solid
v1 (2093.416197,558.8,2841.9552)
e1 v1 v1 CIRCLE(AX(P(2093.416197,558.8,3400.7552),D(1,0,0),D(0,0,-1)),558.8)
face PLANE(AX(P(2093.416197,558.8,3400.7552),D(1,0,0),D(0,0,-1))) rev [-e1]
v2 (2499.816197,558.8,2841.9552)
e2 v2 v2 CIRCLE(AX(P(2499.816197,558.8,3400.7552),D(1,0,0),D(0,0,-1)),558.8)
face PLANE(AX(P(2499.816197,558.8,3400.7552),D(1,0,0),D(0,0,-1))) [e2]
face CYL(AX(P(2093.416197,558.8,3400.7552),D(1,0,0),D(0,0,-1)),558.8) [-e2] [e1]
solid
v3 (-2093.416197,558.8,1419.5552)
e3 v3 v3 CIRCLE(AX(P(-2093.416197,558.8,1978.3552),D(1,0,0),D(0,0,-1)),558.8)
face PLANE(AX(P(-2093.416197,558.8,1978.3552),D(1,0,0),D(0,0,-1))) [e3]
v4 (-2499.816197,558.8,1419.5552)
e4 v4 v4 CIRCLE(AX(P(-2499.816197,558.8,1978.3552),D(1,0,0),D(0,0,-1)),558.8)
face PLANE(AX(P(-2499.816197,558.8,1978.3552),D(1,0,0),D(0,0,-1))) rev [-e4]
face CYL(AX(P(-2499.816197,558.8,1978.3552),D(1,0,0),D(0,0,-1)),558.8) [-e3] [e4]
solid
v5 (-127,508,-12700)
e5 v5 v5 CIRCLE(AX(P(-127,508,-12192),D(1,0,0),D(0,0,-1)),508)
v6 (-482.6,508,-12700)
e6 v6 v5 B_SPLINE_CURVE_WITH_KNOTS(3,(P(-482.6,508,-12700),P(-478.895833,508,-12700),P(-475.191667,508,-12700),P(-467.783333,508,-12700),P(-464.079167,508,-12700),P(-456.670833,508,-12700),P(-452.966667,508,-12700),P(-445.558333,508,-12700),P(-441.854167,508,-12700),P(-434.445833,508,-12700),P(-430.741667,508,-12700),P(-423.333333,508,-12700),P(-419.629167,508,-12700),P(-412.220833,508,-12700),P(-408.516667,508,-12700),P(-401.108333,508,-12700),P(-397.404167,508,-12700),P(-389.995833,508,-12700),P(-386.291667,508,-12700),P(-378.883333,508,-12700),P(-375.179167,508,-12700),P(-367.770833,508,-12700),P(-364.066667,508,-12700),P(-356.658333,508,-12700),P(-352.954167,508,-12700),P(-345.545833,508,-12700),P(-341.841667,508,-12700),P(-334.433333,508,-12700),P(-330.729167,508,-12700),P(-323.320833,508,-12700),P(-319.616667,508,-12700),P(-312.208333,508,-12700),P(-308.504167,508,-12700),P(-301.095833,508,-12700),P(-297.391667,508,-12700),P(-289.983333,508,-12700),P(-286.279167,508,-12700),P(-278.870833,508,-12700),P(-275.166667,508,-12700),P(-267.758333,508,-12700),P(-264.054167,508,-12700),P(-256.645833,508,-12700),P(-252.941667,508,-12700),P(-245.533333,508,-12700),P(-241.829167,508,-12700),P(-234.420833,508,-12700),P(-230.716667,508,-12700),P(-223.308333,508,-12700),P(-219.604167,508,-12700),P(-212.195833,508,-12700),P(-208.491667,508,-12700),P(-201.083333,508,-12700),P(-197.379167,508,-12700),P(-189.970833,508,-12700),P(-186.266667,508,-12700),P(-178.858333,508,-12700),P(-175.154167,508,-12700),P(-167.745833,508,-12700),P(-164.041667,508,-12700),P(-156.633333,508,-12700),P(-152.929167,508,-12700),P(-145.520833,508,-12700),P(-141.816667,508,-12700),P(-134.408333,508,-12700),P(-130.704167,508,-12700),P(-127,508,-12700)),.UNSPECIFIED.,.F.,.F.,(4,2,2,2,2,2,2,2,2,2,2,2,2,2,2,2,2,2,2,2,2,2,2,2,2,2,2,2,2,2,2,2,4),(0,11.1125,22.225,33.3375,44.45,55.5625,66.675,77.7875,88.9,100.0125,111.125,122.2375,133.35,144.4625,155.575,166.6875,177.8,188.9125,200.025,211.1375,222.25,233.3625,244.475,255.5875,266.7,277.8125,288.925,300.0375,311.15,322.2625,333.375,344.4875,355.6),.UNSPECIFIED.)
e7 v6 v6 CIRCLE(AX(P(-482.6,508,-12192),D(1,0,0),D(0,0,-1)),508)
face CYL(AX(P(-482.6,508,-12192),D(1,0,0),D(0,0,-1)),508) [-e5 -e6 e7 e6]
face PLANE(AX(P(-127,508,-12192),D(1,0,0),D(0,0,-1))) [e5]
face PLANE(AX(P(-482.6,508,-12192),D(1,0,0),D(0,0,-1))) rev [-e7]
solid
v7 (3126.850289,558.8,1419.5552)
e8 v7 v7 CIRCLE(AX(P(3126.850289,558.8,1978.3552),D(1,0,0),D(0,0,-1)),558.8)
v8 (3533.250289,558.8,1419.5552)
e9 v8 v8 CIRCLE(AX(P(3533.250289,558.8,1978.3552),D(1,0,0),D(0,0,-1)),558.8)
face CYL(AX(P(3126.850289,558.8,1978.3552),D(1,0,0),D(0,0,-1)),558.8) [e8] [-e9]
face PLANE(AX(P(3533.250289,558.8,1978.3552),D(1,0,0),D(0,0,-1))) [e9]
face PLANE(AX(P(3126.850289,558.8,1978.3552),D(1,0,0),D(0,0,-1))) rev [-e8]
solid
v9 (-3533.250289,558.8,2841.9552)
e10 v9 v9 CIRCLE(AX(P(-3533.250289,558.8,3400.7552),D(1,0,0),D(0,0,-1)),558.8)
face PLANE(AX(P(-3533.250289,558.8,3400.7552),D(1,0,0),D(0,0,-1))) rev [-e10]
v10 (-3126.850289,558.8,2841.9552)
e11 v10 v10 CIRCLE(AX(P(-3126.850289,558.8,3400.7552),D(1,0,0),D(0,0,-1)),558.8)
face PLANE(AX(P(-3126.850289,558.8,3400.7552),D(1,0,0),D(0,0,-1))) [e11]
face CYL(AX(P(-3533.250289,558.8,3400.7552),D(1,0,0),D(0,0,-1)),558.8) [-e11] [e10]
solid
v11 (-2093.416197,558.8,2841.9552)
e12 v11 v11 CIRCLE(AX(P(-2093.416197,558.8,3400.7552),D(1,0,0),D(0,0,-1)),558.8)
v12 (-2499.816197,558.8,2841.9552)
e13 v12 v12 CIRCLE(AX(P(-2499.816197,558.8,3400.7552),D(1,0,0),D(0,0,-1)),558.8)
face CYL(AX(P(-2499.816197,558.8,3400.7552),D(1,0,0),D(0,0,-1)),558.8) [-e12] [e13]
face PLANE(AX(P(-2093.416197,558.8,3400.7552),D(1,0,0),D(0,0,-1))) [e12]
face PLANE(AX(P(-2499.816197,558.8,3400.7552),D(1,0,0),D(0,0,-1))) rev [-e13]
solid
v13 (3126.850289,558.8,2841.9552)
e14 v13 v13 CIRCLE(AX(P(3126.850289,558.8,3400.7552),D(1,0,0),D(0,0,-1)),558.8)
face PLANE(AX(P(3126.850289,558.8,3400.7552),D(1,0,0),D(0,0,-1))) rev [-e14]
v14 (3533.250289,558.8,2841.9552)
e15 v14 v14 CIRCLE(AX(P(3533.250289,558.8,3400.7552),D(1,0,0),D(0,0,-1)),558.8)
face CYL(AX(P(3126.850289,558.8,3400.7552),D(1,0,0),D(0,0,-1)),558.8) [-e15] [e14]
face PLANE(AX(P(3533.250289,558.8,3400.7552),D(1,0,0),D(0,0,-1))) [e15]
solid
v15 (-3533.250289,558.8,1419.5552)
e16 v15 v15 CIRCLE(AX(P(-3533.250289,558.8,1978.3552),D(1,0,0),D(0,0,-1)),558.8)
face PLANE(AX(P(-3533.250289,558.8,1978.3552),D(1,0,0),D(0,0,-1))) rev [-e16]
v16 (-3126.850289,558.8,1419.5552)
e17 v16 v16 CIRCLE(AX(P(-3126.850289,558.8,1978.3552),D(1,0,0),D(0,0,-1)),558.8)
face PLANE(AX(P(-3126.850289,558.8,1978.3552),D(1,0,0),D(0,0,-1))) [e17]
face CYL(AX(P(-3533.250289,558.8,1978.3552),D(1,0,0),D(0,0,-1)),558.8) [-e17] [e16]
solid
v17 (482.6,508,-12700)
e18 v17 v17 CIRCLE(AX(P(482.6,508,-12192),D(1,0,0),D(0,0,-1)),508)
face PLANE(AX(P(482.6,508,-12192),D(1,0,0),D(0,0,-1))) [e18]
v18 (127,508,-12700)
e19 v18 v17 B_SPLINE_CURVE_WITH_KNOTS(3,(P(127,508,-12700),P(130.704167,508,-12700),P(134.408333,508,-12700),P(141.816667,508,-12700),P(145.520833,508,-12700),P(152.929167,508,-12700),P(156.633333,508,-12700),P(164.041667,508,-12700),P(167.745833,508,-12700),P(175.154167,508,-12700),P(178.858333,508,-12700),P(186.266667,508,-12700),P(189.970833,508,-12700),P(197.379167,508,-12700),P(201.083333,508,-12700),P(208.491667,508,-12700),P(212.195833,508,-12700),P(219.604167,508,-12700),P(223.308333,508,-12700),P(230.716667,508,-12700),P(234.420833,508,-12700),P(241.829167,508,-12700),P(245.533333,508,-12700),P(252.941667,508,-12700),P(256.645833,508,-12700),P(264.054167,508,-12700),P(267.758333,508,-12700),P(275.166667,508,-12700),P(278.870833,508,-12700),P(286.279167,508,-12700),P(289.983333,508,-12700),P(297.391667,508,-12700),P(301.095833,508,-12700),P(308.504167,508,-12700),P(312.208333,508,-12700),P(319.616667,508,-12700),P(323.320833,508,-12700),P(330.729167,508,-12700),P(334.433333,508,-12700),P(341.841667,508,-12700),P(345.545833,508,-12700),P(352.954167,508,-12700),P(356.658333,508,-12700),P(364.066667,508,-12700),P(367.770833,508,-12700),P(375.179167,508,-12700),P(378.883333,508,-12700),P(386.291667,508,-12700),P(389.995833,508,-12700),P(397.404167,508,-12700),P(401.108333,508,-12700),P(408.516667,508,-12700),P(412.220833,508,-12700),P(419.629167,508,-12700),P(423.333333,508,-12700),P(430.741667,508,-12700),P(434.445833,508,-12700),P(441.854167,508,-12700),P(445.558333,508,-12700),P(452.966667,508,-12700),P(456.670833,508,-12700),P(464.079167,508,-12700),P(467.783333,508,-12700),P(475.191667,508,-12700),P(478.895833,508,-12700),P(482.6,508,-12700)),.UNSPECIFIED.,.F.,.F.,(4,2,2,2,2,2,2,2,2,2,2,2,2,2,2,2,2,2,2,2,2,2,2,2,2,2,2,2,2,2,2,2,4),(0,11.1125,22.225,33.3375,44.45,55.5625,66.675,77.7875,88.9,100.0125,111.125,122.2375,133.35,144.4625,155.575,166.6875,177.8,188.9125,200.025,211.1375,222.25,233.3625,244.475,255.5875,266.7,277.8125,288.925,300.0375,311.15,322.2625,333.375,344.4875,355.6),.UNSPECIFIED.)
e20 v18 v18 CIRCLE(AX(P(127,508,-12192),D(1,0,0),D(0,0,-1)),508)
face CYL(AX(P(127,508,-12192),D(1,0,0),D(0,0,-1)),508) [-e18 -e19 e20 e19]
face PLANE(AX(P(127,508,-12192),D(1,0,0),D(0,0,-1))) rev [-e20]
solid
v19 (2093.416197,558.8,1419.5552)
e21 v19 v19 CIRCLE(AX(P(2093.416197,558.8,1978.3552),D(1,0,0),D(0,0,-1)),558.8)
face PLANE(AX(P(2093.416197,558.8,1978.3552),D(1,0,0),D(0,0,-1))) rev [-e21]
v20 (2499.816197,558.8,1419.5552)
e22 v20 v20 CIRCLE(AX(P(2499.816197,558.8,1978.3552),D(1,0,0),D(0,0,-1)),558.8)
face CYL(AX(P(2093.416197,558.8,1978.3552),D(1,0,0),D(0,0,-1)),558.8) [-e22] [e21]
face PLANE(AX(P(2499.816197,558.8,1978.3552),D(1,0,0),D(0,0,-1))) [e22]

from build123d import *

# Parameters (mm, degrees)
MAIN_TIRE_1_DEPTH        = 203.2
MAIN_TIRE_1_DEPTH_BACK   = 203.2
SKETCH9_R                = 558.8
MAIN_TIRE_1_2_DEPTH      = 203.2
MAIN_TIRE_1_2_DEPTH_BACK = 203.2
MAIN_TIRE_2_DEPTH        = 203.2
MAIN_TIRE_2_DEPTH_BACK   = 203.2
SKETCH10_R               = 558.8
MAIN_TIRE_2_2_DEPTH      = 203.2
MAIN_TIRE_2_2_DEPTH_BACK = 203.2
MAIN_TIRE_3_DEPTH        = 203.2
MAIN_TIRE_3_DEPTH_BACK   = 203.2
SKETCH12_R               = 558.8
MAIN_TIRE_3_2_DEPTH      = 203.2
MAIN_TIRE_3_2_DEPTH_BACK = 203.2
MAIN_TIRE_4_DEPTH        = 203.2
MAIN_TIRE_4_DEPTH_BACK   = 203.2
SKETCH13_R               = 558.8
MAIN_TIRE_4_2_DEPTH      = 203.2
MAIN_TIRE_4_2_DEPTH_BACK = 203.2
NOSE_TIRE_1_DEPTH        = 177.8
NOSE_TIRE_1_DEPTH_BACK   = 177.8
SKETCH14_R               = 508
NOSE_TIRE_2_DEPTH        = 177.8
NOSE_TIRE_2_DEPTH_BACK   = 177.8
SKETCH15_R               = 508


with BuildPart() as part:
    # Sketch9 → Main tire 1 (new, two sides: drawn at the far end of the back side and taken through both)
    with BuildSketch(Plane(origin=(-2296.616197494, 0, 0), x_dir=(0, 0, -1), z_dir=(1, 0, 0)).offset(-MAIN_TIRE_1_DEPTH_BACK)):
        with Locations((-3400.7552, 558.8)):
            Circle(SKETCH9_R)
    extrude(amount=MAIN_TIRE_1_DEPTH + MAIN_TIRE_1_DEPTH_BACK)


with BuildPart() as body_2:
    # Sketch9 → Main tire 1 2 (new, two sides: drawn at the far end of the back side and taken through both)
    with BuildSketch(Plane(origin=(-2296.616197494, 0, 0), x_dir=(0, 0, -1), z_dir=(1, 0, 0)).offset(-MAIN_TIRE_1_2_DEPTH_BACK)):
        with Locations((-1978.3552, 558.8)):
            Circle(SKETCH9_R)
    extrude(amount=MAIN_TIRE_1_2_DEPTH + MAIN_TIRE_1_2_DEPTH_BACK)


with BuildPart() as body_3:
    # Sketch10 → Main tire 2 (new, two sides: drawn at the far end of the back side and taken through both)
    with BuildSketch(Plane(origin=(-3330.050289329, 0, 0), x_dir=(0, 0, -1), z_dir=(1, 0, 0)).offset(-MAIN_TIRE_2_DEPTH_BACK)):
        with Locations((-3400.7552, 558.8)):
            Circle(SKETCH10_R)
    extrude(amount=MAIN_TIRE_2_DEPTH + MAIN_TIRE_2_DEPTH_BACK)


with BuildPart() as body_4:
    # Sketch10 → Main tire 2 2 (new, two sides: drawn at the far end of the back side and taken through both)
    with BuildSketch(Plane(origin=(-3330.050289329, 0, 0), x_dir=(0, 0, -1), z_dir=(1, 0, 0)).offset(-MAIN_TIRE_2_2_DEPTH_BACK)):
        with Locations((-1978.3552, 558.8)):
            Circle(SKETCH10_R)
    extrude(amount=MAIN_TIRE_2_2_DEPTH + MAIN_TIRE_2_2_DEPTH_BACK)


with BuildPart() as body_5:
    # Sketch12 → Main tire 3 (new, two sides: drawn at the far end of the back side and taken through both)
    with BuildSketch(Plane(origin=(2296.616197494, 0, 0), x_dir=(0, 0, -1), z_dir=(1, 0, 0)).offset(-MAIN_TIRE_3_DEPTH_BACK)):
        with Locations((-1978.3552, 558.8)):
            Circle(SKETCH12_R)
    extrude(amount=MAIN_TIRE_3_DEPTH + MAIN_TIRE_3_DEPTH_BACK)


with BuildPart() as body_6:
    # Sketch12 → Main tire 3 2 (new, two sides: drawn at the far end of the back side and taken through both)
    with BuildSketch(Plane(origin=(2296.616197494, 0, 0), x_dir=(0, 0, -1), z_dir=(1, 0, 0)).offset(-MAIN_TIRE_3_2_DEPTH_BACK)):
        with Locations((-3400.7552, 558.8)):
            Circle(SKETCH12_R)
    extrude(amount=MAIN_TIRE_3_2_DEPTH + MAIN_TIRE_3_2_DEPTH_BACK)


with BuildPart() as body_7:
    # Sketch13 → Main tire 4 (new, two sides: drawn at the far end of the back side and taken through both)
    with BuildSketch(Plane(origin=(3330.050289329, 0, 0), x_dir=(0, 0, -1), z_dir=(1, 0, 0)).offset(-MAIN_TIRE_4_DEPTH_BACK)):
        with Locations((-3400.7552, 558.8)):
            Circle(SKETCH13_R)
    extrude(amount=MAIN_TIRE_4_DEPTH + MAIN_TIRE_4_DEPTH_BACK)


with BuildPart() as body_8:
    # Sketch13 → Main tire 4 2 (new, two sides: drawn at the far end of the back side and taken through both)
    with BuildSketch(Plane(origin=(3330.050289329, 0, 0), x_dir=(0, 0, -1), z_dir=(1, 0, 0)).offset(-MAIN_TIRE_4_2_DEPTH_BACK)):
        with Locations((-1978.3552, 558.8)):
            Circle(SKETCH13_R)
    extrude(amount=MAIN_TIRE_4_2_DEPTH + MAIN_TIRE_4_2_DEPTH_BACK)


with BuildPart() as body_9:
    # Sketch14 → Nose tire 1 (new, two sides: drawn at the far end of the back side and taken through both)
    with BuildSketch(Plane(origin=(-304.8, 0, 0), x_dir=(0, 0, -1), z_dir=(1, 0, 0)).offset(-NOSE_TIRE_1_DEPTH_BACK)):
        with Locations((12192, 508)):
            Circle(SKETCH14_R)
    extrude(amount=NOSE_TIRE_1_DEPTH + NOSE_TIRE_1_DEPTH_BACK)


with BuildPart() as body_10:
    # Sketch15 → Nose tire 2 (new, two sides: drawn at the far end of the back side and taken through both)
    with BuildSketch(Plane(origin=(304.8, 0, 0), x_dir=(0, 0, -1), z_dir=(1, 0, 0)).offset(-NOSE_TIRE_2_DEPTH_BACK)):
        with Locations((12192, 508)):
            Circle(SKETCH15_R)
    extrude(amount=NOSE_TIRE_2_DEPTH + NOSE_TIRE_2_DEPTH_BACK)


solid = Compound([part.part, body_2.part, body_3.part, body_4.part, body_5.part, body_6.part, body_7.part, body_8.part, body_9.part, body_10.part])
